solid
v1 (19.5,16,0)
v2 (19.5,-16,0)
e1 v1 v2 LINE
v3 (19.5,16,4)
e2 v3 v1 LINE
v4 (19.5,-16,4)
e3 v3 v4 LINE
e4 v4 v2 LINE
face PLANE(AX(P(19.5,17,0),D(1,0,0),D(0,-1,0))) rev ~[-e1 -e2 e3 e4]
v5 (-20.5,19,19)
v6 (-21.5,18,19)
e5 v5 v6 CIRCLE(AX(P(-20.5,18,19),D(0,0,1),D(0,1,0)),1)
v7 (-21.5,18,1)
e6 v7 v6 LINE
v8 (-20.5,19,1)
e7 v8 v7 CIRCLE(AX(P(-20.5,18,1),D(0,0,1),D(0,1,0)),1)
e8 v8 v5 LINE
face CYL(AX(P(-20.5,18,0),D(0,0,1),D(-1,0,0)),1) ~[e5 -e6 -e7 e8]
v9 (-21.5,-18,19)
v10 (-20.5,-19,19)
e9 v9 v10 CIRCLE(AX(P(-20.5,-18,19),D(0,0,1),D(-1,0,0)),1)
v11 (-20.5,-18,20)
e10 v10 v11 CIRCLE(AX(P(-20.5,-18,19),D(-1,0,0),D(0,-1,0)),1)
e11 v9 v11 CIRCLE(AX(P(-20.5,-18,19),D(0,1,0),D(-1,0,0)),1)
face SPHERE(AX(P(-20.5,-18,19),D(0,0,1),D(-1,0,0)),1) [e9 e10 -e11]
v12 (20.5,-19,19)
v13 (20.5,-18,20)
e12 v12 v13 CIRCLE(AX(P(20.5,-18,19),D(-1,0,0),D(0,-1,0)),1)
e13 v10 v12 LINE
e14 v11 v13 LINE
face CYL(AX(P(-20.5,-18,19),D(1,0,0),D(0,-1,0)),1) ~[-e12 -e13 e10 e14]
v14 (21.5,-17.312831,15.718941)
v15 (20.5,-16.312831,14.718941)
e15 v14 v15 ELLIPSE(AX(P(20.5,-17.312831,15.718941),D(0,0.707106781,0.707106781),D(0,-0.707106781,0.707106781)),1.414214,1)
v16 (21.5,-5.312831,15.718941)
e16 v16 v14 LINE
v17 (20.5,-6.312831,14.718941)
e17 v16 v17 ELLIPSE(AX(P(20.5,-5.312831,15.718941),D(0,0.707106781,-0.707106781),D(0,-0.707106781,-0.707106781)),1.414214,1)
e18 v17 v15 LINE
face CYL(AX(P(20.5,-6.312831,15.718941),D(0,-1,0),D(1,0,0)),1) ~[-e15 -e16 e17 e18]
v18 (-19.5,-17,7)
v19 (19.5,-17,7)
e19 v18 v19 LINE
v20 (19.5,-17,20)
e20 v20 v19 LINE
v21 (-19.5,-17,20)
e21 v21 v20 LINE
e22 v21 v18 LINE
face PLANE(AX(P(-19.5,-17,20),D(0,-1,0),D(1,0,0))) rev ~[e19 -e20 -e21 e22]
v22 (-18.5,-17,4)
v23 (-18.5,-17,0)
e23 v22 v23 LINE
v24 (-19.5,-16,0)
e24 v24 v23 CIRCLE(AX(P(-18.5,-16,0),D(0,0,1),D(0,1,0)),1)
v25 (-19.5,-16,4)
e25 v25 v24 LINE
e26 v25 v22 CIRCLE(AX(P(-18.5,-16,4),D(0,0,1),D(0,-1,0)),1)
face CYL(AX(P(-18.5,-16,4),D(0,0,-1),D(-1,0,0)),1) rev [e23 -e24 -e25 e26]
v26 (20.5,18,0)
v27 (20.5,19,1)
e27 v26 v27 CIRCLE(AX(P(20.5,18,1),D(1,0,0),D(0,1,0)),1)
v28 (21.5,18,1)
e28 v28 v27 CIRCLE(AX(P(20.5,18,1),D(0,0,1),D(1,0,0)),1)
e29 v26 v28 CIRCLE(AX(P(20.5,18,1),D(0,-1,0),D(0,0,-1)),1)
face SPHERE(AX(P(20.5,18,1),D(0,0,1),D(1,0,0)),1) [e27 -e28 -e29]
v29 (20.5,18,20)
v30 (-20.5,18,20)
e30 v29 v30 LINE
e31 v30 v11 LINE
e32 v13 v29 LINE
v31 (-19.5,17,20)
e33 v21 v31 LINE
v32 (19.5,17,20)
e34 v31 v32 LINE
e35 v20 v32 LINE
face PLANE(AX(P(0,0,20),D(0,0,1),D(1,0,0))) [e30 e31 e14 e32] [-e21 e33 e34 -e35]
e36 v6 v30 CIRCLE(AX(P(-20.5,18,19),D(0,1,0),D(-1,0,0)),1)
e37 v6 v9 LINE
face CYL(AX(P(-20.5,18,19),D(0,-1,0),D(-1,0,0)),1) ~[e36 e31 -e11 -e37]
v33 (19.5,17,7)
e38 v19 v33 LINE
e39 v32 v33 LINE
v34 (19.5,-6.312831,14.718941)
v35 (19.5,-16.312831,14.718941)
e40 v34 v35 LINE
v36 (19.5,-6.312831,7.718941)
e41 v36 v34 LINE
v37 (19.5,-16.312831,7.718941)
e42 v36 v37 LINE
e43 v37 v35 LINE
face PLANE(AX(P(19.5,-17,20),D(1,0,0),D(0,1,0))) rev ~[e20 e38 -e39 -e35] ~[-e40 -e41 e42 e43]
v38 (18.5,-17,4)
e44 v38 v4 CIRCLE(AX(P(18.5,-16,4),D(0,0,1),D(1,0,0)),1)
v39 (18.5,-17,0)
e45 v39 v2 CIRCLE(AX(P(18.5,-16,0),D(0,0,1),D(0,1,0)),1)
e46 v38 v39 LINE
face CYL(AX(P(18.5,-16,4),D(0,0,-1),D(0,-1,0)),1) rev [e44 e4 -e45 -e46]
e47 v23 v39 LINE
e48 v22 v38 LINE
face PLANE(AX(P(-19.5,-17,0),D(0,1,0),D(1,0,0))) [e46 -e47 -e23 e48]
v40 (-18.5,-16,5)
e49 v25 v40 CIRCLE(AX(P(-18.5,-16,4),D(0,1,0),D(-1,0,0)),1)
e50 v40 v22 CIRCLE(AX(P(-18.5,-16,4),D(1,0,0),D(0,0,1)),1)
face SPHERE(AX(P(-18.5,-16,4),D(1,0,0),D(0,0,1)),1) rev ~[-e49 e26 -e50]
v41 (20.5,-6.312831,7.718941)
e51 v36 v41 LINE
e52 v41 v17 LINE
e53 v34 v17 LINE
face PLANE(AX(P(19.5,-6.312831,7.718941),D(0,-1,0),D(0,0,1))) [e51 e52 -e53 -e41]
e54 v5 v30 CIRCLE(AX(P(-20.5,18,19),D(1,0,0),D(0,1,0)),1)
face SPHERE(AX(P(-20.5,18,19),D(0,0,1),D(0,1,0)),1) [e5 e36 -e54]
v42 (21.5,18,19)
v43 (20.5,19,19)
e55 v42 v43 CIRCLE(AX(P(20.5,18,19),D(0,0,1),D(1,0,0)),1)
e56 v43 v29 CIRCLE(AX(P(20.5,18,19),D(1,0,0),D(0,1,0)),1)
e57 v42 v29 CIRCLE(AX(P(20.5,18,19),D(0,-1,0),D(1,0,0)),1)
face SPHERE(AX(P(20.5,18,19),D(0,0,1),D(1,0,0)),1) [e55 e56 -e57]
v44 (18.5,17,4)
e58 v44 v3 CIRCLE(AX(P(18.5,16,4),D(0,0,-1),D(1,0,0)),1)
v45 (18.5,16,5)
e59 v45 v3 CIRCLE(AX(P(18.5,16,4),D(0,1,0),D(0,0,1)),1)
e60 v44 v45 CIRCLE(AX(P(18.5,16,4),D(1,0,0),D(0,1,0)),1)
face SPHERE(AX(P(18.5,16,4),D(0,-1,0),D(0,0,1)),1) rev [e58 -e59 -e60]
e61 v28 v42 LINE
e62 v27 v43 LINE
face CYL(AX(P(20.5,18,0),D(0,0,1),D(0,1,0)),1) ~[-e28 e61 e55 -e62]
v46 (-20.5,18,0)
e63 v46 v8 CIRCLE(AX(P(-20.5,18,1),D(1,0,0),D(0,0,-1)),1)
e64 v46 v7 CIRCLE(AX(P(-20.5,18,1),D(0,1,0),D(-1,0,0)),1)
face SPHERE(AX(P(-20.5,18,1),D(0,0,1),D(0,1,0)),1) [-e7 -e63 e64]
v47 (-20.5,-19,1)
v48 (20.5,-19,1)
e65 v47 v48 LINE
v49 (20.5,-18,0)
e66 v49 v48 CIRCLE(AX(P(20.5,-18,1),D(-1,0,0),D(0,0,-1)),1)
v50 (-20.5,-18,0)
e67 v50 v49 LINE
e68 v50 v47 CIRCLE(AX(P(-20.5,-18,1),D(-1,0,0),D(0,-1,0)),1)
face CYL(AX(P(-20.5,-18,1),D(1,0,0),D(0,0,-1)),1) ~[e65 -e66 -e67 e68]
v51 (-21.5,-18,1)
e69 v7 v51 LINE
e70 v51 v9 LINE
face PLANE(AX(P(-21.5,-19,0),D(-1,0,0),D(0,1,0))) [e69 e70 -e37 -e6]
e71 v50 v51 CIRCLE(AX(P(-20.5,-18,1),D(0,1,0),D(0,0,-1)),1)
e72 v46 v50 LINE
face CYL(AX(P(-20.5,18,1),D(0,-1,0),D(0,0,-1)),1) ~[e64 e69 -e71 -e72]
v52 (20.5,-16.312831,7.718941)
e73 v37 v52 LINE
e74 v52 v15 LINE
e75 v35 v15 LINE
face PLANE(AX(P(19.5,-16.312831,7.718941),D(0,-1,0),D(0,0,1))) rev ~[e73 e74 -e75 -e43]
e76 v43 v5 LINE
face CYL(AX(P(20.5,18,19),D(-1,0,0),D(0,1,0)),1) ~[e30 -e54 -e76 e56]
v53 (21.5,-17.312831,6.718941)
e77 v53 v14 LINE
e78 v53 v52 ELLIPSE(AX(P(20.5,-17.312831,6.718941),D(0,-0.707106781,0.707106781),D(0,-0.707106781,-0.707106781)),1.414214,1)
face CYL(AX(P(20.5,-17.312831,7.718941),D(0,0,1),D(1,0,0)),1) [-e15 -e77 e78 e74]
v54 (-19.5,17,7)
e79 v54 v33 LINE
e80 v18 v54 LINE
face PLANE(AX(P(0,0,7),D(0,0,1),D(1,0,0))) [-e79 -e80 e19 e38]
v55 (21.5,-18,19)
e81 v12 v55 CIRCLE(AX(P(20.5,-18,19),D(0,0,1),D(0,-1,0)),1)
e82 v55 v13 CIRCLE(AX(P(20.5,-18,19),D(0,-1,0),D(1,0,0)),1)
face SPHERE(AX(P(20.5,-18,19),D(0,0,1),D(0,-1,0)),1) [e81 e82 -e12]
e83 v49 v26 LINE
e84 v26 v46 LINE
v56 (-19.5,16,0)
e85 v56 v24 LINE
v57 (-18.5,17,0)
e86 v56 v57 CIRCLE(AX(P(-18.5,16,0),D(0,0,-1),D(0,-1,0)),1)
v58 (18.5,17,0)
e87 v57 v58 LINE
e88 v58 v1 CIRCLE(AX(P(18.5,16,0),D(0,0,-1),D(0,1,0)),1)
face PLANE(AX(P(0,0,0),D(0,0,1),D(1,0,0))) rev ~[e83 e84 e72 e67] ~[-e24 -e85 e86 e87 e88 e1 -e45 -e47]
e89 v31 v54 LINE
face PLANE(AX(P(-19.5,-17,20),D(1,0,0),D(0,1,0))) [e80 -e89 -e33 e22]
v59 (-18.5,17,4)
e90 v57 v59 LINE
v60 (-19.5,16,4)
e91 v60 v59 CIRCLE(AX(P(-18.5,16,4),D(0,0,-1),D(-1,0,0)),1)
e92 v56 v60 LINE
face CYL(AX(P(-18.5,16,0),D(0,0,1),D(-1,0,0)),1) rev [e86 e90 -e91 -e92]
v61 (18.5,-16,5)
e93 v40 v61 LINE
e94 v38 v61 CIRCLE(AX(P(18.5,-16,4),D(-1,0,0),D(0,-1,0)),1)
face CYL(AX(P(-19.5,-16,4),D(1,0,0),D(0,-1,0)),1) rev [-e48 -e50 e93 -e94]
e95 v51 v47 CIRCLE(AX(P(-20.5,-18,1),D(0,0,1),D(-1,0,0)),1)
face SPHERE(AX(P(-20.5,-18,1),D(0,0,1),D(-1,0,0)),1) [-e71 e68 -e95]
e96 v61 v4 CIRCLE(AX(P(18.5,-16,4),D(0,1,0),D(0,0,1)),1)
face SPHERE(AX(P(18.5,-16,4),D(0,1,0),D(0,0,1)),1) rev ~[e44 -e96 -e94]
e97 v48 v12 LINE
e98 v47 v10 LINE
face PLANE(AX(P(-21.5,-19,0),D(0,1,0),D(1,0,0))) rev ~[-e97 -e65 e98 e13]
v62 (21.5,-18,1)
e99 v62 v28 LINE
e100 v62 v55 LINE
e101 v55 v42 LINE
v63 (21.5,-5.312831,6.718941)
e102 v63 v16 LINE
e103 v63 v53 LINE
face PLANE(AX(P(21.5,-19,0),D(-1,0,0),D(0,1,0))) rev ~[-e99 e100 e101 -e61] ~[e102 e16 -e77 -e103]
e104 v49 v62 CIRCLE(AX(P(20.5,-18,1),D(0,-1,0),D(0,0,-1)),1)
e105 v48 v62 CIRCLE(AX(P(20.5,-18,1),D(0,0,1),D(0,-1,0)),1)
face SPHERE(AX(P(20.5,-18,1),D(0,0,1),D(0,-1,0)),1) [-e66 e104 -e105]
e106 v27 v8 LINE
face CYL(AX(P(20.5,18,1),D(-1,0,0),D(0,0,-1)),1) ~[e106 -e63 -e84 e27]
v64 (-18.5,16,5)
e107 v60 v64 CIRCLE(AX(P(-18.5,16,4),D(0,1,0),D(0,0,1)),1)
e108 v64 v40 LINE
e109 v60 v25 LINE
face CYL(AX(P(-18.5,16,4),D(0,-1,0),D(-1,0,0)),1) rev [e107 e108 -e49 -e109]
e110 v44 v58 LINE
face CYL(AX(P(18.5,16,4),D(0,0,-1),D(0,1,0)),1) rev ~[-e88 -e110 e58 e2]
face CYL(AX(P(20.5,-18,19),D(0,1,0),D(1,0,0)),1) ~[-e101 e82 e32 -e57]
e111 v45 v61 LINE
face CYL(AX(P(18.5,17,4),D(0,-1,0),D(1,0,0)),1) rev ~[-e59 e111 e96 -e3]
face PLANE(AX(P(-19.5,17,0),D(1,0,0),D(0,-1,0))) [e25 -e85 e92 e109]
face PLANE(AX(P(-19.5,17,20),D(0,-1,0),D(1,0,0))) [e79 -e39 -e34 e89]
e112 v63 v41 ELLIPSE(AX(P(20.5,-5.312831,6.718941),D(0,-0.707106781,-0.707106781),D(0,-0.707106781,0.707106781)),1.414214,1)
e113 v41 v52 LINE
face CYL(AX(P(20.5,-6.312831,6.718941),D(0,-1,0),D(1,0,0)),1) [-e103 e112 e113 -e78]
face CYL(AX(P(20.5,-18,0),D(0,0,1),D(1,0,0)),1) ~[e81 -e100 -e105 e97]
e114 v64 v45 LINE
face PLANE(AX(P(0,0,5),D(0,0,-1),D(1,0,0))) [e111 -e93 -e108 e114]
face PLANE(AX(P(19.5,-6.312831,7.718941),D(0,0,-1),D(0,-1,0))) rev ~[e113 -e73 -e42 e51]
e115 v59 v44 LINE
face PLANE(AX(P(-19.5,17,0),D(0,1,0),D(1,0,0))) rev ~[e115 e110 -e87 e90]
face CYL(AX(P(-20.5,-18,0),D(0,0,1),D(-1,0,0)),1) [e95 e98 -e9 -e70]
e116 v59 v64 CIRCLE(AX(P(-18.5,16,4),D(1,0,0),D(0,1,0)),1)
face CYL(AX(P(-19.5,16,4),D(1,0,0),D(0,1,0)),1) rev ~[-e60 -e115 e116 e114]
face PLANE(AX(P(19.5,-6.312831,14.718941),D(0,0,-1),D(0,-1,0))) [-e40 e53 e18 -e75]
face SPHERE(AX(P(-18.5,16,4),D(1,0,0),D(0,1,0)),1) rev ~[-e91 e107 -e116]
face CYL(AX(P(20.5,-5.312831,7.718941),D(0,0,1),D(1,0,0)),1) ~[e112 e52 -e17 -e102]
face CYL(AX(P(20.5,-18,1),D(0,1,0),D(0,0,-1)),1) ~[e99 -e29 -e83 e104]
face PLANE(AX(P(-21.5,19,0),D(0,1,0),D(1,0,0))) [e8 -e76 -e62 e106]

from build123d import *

# Parameters (mm, degrees)
SKETCH_W        = 43
SKETCH_H        = 38
PAD_DEPTH       = 20
SKETCH002_W     = 39
SKETCH002_H     = 34
POCKET001_DEPTH = 5
SKETCH003_W     = 39
SKETCH003_H     = 34
POCKET_DEPTH    = 13
FILLET_R        = 1
FILLET001_R     = 1
FILLET002_R     = 1
FILLET003_R     = 1
FILLET004_R     = 1
FILLET005_R     = 1
FILLET006_R     = 1
FILLET007_R     = 1
FILLET008_R     = 1
FILLET009_R     = 1
SKETCH005_W     = 10
SKETCH005_H     = 7
POCKET002_DEPTH = 5
FILLET010_R     = 1


with BuildPart() as part:
    # Sketch → Pad (new body)
    with BuildSketch(Plane.XY):
        Rectangle(SKETCH_W, SKETCH_H)
    extrude(amount=PAD_DEPTH)

    # Sketch002 → Pocket001 (cut)
    with BuildSketch(Plane(origin=(0, 0, 0), x_dir=(1, 0, 0), z_dir=(0, 0, -1))):
        Rectangle(SKETCH002_W, SKETCH002_H)
    extrude(amount=-POCKET001_DEPTH, mode=Mode.SUBTRACT)

    # Sketch003 (on Face5 of Pocket001) → Pocket (cut)
    with BuildSketch(Plane.XY.offset(20)):
        Rectangle(SKETCH003_W, SKETCH003_H)
    extrude(amount=-POCKET_DEPTH, mode=Mode.SUBTRACT)

    # Fillet
    fillet_edges = [part.edges().sort_by_distance(p)[0] for p in [
        (19.5, 0, 5),
    ]]
    fillet(fillet_edges, radius=FILLET_R)

    # Fillet001
    fillet001_edges = [part.edges().sort_by_distance(p)[0] for p in [
        (-0.5, -17, 5),
    ]]
    fillet(fillet001_edges, radius=FILLET001_R)

    # Fillet002
    fillet002_edges = [part.edges().sort_by_distance(p)[0] for p in [
        (-0.5, 17, 5),
    ]]
    fillet(fillet002_edges, radius=FILLET002_R)

    # Fillet003
    fillet003_edges = [part.edges().sort_by_distance(p)[0] for p in [
        (-19.5, 0, 5),
    ]]
    fillet(fillet003_edges, radius=FILLET003_R)

    # Fillet004
    fillet004_edges = [part.edges().sort_by_distance(p)[0] for p in [
        (-21.5, -19, 10),
    ]]
    fillet(fillet004_edges, radius=FILLET004_R)

    # Fillet005
    fillet005_edges = [part.edges().sort_by_distance(p)[0] for p in [
        (-21.5, 19, 10),
    ]]
    fillet(fillet005_edges, radius=FILLET005_R)

    # Fillet006
    fillet006_edges = [part.edges().sort_by_distance(p)[0] for p in [
        (21.5, 19, 10),
    ]]
    fillet(fillet006_edges, radius=FILLET006_R)

    # Fillet007
    fillet007_edges = [part.edges().sort_by_distance(p)[0] for p in [
        (21.5, -19, 10),
    ]]
    fillet(fillet007_edges, radius=FILLET007_R)

    # Fillet008
    fillet008_edges = [part.edges().sort_by_distance(p)[0] for p in [
        (21.5, 0, 0),
    ]]
    fillet(fillet008_edges, radius=FILLET008_R)

    # Fillet009
    fillet009_edges = [part.edges().sort_by_distance(p)[0] for p in [
        (21.5, 0, 20),
    ]]
    fillet(fillet009_edges, radius=FILLET009_R)

    # Sketch005 (on Face20 of Fillet009) → Pocket002 (cut)
    with BuildSketch(Plane(origin=(19.5, 0, 0), x_dir=(0, -1, 0), z_dir=(-1, 0, 0))):
        with Locations((11.312831, 11.218941)):
            Rectangle(SKETCH005_W, SKETCH005_H)
    extrude(amount=-POCKET002_DEPTH, mode=Mode.SUBTRACT)

    # Fillet010
    fillet010_edges = [part.edges().sort_by_distance(p)[0] for p in [
        (21.5, -11.312831, 7.718941),
        (21.5, -16.312831, 11.218941),
        (21.5, -11.312831, 14.718941),
        (21.5, -6.312831, 11.218941),
    ]]
    fillet(fillet010_edges, radius=FILLET010_R)


solid = part.part
